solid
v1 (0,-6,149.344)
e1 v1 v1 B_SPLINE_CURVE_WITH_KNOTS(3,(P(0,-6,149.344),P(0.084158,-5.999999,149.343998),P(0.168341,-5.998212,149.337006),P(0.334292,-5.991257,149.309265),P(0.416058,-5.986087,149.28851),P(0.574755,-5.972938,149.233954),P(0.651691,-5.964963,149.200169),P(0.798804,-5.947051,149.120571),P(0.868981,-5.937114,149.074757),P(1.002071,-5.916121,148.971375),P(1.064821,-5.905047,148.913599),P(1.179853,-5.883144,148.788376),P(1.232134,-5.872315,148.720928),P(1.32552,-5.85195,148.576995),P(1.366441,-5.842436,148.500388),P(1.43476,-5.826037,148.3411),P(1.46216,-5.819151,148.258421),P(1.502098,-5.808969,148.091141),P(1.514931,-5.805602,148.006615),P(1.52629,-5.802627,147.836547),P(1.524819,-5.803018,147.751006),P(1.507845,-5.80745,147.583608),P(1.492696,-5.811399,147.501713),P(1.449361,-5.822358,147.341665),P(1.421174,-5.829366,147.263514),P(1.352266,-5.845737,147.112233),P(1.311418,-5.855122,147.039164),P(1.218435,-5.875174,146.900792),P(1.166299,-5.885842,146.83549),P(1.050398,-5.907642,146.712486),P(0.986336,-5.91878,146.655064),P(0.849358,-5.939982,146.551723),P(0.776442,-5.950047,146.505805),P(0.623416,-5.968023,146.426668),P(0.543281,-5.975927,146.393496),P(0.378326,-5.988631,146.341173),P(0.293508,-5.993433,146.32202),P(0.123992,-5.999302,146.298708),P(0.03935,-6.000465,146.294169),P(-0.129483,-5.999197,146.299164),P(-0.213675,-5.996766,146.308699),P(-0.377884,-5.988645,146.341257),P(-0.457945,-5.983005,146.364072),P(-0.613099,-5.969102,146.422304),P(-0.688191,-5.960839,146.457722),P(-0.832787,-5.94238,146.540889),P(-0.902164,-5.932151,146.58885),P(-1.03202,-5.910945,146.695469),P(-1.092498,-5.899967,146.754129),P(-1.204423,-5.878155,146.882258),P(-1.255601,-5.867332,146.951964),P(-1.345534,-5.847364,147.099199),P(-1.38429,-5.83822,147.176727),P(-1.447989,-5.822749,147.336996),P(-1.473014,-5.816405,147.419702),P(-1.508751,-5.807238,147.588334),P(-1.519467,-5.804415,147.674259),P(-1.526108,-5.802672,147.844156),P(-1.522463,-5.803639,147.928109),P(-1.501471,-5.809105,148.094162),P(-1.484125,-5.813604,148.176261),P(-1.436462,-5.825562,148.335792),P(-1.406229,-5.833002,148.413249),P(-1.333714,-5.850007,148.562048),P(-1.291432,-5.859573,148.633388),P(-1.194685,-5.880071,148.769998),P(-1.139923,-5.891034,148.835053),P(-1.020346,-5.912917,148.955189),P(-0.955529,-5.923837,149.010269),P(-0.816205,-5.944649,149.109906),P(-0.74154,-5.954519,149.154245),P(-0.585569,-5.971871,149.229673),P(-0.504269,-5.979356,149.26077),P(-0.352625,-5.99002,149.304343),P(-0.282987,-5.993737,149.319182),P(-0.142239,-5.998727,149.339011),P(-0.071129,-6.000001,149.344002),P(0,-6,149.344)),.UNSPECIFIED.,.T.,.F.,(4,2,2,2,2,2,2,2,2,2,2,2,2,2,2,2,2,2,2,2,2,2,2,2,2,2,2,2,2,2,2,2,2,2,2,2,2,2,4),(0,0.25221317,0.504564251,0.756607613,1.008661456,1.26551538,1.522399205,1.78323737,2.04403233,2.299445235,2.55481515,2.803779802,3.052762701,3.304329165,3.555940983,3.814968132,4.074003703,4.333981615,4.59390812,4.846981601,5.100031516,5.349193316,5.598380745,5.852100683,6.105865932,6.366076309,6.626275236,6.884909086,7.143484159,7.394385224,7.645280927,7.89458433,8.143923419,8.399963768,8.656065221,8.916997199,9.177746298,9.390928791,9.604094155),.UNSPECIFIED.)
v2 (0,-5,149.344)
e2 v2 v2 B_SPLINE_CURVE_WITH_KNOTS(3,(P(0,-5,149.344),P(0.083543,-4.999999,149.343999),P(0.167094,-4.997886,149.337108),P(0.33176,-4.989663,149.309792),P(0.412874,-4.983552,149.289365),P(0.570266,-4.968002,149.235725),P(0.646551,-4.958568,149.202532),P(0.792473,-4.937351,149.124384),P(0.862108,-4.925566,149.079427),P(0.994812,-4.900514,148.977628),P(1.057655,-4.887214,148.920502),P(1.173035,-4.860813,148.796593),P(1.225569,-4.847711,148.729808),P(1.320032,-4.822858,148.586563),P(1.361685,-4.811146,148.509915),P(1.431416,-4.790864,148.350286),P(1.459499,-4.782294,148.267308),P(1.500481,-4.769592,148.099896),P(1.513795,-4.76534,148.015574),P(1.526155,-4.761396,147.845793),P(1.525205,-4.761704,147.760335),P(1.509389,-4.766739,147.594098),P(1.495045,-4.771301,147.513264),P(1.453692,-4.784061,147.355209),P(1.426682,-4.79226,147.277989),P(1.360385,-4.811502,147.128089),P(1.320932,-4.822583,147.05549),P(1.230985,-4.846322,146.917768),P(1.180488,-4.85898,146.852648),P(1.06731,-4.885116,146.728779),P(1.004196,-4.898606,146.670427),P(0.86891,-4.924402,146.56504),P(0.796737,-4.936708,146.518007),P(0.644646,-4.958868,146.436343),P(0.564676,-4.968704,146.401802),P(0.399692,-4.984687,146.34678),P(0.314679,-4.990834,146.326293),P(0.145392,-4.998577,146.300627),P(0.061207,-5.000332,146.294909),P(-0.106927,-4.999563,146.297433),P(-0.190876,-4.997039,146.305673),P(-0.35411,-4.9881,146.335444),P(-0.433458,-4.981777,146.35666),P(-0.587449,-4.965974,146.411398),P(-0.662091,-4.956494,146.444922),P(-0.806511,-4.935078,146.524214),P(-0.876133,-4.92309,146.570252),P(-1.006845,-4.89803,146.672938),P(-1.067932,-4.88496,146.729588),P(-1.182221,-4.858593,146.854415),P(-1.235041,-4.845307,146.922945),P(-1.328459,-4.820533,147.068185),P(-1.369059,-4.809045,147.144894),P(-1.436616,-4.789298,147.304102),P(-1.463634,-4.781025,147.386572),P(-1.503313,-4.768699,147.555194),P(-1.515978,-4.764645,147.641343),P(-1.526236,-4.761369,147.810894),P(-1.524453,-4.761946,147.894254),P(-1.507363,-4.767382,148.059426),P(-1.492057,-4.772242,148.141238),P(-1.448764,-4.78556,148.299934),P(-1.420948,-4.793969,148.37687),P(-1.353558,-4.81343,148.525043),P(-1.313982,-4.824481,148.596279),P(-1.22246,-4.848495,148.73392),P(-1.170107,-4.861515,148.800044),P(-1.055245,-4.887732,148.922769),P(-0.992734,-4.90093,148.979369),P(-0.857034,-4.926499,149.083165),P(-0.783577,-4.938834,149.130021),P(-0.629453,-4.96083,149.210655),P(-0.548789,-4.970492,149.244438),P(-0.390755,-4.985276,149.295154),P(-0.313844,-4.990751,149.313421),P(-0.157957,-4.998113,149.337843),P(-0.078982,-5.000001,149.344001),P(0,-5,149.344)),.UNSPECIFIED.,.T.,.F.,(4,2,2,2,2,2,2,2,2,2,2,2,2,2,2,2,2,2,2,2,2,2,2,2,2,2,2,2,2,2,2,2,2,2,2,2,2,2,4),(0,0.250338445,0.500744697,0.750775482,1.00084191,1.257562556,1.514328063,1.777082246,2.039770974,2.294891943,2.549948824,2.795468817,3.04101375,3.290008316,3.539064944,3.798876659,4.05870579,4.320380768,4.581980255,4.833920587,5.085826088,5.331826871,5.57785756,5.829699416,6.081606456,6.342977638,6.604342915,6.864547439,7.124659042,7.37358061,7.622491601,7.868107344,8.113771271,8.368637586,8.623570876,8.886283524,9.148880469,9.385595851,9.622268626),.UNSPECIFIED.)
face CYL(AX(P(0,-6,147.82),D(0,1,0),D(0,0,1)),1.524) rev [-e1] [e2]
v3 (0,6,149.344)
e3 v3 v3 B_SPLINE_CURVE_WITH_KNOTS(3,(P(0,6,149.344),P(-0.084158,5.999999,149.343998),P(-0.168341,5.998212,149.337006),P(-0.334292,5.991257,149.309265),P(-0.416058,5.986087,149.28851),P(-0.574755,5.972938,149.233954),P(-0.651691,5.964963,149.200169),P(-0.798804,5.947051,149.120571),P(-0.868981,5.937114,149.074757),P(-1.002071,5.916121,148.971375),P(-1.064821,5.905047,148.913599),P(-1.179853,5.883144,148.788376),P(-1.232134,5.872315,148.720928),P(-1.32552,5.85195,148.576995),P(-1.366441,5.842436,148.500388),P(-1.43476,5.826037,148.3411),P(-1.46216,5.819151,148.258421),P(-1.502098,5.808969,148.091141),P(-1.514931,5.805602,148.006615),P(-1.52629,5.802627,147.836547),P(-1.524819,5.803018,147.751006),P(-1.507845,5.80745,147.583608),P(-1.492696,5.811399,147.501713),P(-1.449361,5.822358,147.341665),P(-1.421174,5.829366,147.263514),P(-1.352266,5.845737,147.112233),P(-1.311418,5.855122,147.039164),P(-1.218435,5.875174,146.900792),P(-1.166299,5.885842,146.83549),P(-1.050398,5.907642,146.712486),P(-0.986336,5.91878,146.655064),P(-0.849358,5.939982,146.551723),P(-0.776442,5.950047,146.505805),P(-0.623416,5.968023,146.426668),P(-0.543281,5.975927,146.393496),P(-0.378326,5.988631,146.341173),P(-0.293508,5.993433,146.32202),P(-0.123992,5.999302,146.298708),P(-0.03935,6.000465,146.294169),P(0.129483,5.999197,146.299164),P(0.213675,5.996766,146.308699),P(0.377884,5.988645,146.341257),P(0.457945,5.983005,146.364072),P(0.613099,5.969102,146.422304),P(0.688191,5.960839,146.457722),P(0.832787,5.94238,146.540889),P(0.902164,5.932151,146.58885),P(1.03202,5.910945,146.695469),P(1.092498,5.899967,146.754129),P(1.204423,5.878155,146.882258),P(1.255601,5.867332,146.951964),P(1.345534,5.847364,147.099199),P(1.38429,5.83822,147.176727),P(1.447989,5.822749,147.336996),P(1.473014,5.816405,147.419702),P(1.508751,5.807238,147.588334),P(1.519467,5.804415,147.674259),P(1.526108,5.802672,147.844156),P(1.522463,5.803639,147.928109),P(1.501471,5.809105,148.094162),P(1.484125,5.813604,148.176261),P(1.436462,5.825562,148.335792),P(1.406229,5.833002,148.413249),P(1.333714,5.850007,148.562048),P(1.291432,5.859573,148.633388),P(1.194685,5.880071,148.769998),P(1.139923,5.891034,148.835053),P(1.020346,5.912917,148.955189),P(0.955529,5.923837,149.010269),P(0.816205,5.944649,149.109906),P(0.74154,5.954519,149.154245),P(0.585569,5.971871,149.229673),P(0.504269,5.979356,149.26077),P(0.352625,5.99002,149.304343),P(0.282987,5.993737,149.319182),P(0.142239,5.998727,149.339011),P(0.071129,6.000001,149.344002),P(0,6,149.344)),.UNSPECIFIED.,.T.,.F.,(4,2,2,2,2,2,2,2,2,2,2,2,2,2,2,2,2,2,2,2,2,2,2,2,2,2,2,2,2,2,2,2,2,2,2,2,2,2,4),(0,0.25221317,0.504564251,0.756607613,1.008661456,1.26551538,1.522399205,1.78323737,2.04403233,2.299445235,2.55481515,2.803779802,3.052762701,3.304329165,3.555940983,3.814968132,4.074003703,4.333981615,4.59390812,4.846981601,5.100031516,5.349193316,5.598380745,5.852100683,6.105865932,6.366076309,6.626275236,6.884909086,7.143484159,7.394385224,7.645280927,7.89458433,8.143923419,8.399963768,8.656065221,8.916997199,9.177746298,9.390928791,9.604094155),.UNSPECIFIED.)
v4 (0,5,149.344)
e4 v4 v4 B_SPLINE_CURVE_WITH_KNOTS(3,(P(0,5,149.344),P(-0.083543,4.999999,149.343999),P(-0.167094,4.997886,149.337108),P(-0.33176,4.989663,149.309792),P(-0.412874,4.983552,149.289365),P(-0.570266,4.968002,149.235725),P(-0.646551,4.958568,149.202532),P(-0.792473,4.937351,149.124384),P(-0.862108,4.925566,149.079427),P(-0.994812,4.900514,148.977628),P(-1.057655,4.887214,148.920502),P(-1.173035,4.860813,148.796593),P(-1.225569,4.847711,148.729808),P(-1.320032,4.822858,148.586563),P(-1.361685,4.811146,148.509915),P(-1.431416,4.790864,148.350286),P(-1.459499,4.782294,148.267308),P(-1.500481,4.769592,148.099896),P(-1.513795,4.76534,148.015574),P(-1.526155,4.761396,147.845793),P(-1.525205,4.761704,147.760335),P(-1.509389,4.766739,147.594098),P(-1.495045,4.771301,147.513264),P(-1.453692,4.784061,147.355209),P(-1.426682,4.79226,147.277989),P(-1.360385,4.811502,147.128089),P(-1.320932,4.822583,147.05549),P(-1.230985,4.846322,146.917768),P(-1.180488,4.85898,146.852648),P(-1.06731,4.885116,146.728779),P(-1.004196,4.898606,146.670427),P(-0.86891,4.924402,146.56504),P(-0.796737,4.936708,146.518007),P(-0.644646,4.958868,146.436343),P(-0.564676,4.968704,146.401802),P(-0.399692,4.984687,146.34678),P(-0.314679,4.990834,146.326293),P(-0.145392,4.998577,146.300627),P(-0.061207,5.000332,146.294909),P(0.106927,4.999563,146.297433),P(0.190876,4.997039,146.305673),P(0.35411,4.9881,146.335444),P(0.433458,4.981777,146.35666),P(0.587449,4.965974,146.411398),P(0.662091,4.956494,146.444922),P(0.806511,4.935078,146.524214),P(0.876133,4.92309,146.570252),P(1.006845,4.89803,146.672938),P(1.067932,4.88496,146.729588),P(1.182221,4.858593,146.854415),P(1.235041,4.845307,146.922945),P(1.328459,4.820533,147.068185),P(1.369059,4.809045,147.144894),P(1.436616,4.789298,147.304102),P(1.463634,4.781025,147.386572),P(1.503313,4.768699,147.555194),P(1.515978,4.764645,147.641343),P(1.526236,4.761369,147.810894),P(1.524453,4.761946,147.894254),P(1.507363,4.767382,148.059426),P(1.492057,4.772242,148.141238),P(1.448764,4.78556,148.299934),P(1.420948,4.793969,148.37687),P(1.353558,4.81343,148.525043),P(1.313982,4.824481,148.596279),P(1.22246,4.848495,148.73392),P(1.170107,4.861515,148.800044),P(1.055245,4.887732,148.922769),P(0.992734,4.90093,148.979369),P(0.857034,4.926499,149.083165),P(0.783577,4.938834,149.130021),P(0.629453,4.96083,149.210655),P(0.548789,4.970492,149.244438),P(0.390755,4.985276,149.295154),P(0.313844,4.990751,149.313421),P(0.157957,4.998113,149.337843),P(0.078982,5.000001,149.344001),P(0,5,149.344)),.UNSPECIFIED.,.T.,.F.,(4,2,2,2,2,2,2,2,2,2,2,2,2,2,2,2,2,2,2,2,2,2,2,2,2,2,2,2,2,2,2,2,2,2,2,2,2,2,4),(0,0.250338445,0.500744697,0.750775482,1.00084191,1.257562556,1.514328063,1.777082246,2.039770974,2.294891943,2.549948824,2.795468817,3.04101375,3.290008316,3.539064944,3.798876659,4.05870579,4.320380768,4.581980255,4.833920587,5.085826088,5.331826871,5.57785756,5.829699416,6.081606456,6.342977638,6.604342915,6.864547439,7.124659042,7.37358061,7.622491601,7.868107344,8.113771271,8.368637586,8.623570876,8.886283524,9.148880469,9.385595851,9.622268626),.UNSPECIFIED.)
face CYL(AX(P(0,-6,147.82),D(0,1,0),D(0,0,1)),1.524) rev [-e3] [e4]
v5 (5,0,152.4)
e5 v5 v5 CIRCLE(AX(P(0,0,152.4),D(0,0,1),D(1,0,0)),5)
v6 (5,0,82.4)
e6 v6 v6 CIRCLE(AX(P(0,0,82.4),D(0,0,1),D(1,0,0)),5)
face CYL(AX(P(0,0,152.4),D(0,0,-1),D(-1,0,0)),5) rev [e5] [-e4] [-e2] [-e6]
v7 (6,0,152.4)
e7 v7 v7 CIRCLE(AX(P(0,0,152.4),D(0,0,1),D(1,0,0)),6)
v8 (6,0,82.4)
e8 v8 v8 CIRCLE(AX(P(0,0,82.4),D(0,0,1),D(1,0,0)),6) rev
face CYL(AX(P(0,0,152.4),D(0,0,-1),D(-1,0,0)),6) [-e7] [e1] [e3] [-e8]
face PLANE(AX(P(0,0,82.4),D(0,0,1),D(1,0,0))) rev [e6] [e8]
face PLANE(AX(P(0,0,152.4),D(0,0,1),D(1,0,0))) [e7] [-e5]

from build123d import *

# Parameters (mm, degrees)
BOSS_EXTRUDE2_DEPTH      = 152.4
BOSS_EXTRUDE2_DEPTH_BACK = 152.4
SKETCH3_R                = 6
SKETCH3_R_2              = 5
CUT_EXTRUDE1_DEPTH       = 153.636037684
CUT_EXTRUDE1_DEPTH_BACK  = 153.636037684
SKETCH4_R                = 1.524
SKETCH5_R                = 6
CUT_EXTRUDE2_DEPTH       = 234.8


with BuildPart() as part:
    # Sketch3 → Boss-Extrude2 (new, two sides: drawn at the far end of the back side and taken through both)
    with BuildSketch(Plane.XY.offset(-BOSS_EXTRUDE2_DEPTH_BACK)):
        with Locations(Location((0, 0, 0), (0, 0, 180))):
            Circle(SKETCH3_R)
        with Locations(Location((0, 0, 0), (0, 0, 180))):
            Circle(SKETCH3_R_2, mode=Mode.SUBTRACT)
    extrude(amount=BOSS_EXTRUDE2_DEPTH + BOSS_EXTRUDE2_DEPTH_BACK)

    # Sketch4 → Cut-Extrude1 (cut, two sides: drawn at the far end of the back side and taken through both)
    with BuildSketch(Plane(origin=(0, 0, 0), x_dir=(1, 0, 0), z_dir=(0, 1, 0)).offset(-CUT_EXTRUDE1_DEPTH_BACK)):
        with Locations(Location((0, -147.82, 0), (0, 0, 270))):
            Circle(SKETCH4_R)
    extrude(amount=CUT_EXTRUDE1_DEPTH + CUT_EXTRUDE1_DEPTH_BACK, mode=Mode.SUBTRACT)

    # Sketch5 → Cut-Extrude2 (cut)
    with BuildSketch(Plane(origin=(0, 0, -152.4), x_dir=(-1, 0, 0), z_dir=(0, 0, -1))):
        with Locations(Location((0, 0, 0), (0, 0, 180))):
            Circle(SKETCH5_R)
    extrude(amount=-CUT_EXTRUDE2_DEPTH, mode=Mode.SUBTRACT)


solid = part.part
